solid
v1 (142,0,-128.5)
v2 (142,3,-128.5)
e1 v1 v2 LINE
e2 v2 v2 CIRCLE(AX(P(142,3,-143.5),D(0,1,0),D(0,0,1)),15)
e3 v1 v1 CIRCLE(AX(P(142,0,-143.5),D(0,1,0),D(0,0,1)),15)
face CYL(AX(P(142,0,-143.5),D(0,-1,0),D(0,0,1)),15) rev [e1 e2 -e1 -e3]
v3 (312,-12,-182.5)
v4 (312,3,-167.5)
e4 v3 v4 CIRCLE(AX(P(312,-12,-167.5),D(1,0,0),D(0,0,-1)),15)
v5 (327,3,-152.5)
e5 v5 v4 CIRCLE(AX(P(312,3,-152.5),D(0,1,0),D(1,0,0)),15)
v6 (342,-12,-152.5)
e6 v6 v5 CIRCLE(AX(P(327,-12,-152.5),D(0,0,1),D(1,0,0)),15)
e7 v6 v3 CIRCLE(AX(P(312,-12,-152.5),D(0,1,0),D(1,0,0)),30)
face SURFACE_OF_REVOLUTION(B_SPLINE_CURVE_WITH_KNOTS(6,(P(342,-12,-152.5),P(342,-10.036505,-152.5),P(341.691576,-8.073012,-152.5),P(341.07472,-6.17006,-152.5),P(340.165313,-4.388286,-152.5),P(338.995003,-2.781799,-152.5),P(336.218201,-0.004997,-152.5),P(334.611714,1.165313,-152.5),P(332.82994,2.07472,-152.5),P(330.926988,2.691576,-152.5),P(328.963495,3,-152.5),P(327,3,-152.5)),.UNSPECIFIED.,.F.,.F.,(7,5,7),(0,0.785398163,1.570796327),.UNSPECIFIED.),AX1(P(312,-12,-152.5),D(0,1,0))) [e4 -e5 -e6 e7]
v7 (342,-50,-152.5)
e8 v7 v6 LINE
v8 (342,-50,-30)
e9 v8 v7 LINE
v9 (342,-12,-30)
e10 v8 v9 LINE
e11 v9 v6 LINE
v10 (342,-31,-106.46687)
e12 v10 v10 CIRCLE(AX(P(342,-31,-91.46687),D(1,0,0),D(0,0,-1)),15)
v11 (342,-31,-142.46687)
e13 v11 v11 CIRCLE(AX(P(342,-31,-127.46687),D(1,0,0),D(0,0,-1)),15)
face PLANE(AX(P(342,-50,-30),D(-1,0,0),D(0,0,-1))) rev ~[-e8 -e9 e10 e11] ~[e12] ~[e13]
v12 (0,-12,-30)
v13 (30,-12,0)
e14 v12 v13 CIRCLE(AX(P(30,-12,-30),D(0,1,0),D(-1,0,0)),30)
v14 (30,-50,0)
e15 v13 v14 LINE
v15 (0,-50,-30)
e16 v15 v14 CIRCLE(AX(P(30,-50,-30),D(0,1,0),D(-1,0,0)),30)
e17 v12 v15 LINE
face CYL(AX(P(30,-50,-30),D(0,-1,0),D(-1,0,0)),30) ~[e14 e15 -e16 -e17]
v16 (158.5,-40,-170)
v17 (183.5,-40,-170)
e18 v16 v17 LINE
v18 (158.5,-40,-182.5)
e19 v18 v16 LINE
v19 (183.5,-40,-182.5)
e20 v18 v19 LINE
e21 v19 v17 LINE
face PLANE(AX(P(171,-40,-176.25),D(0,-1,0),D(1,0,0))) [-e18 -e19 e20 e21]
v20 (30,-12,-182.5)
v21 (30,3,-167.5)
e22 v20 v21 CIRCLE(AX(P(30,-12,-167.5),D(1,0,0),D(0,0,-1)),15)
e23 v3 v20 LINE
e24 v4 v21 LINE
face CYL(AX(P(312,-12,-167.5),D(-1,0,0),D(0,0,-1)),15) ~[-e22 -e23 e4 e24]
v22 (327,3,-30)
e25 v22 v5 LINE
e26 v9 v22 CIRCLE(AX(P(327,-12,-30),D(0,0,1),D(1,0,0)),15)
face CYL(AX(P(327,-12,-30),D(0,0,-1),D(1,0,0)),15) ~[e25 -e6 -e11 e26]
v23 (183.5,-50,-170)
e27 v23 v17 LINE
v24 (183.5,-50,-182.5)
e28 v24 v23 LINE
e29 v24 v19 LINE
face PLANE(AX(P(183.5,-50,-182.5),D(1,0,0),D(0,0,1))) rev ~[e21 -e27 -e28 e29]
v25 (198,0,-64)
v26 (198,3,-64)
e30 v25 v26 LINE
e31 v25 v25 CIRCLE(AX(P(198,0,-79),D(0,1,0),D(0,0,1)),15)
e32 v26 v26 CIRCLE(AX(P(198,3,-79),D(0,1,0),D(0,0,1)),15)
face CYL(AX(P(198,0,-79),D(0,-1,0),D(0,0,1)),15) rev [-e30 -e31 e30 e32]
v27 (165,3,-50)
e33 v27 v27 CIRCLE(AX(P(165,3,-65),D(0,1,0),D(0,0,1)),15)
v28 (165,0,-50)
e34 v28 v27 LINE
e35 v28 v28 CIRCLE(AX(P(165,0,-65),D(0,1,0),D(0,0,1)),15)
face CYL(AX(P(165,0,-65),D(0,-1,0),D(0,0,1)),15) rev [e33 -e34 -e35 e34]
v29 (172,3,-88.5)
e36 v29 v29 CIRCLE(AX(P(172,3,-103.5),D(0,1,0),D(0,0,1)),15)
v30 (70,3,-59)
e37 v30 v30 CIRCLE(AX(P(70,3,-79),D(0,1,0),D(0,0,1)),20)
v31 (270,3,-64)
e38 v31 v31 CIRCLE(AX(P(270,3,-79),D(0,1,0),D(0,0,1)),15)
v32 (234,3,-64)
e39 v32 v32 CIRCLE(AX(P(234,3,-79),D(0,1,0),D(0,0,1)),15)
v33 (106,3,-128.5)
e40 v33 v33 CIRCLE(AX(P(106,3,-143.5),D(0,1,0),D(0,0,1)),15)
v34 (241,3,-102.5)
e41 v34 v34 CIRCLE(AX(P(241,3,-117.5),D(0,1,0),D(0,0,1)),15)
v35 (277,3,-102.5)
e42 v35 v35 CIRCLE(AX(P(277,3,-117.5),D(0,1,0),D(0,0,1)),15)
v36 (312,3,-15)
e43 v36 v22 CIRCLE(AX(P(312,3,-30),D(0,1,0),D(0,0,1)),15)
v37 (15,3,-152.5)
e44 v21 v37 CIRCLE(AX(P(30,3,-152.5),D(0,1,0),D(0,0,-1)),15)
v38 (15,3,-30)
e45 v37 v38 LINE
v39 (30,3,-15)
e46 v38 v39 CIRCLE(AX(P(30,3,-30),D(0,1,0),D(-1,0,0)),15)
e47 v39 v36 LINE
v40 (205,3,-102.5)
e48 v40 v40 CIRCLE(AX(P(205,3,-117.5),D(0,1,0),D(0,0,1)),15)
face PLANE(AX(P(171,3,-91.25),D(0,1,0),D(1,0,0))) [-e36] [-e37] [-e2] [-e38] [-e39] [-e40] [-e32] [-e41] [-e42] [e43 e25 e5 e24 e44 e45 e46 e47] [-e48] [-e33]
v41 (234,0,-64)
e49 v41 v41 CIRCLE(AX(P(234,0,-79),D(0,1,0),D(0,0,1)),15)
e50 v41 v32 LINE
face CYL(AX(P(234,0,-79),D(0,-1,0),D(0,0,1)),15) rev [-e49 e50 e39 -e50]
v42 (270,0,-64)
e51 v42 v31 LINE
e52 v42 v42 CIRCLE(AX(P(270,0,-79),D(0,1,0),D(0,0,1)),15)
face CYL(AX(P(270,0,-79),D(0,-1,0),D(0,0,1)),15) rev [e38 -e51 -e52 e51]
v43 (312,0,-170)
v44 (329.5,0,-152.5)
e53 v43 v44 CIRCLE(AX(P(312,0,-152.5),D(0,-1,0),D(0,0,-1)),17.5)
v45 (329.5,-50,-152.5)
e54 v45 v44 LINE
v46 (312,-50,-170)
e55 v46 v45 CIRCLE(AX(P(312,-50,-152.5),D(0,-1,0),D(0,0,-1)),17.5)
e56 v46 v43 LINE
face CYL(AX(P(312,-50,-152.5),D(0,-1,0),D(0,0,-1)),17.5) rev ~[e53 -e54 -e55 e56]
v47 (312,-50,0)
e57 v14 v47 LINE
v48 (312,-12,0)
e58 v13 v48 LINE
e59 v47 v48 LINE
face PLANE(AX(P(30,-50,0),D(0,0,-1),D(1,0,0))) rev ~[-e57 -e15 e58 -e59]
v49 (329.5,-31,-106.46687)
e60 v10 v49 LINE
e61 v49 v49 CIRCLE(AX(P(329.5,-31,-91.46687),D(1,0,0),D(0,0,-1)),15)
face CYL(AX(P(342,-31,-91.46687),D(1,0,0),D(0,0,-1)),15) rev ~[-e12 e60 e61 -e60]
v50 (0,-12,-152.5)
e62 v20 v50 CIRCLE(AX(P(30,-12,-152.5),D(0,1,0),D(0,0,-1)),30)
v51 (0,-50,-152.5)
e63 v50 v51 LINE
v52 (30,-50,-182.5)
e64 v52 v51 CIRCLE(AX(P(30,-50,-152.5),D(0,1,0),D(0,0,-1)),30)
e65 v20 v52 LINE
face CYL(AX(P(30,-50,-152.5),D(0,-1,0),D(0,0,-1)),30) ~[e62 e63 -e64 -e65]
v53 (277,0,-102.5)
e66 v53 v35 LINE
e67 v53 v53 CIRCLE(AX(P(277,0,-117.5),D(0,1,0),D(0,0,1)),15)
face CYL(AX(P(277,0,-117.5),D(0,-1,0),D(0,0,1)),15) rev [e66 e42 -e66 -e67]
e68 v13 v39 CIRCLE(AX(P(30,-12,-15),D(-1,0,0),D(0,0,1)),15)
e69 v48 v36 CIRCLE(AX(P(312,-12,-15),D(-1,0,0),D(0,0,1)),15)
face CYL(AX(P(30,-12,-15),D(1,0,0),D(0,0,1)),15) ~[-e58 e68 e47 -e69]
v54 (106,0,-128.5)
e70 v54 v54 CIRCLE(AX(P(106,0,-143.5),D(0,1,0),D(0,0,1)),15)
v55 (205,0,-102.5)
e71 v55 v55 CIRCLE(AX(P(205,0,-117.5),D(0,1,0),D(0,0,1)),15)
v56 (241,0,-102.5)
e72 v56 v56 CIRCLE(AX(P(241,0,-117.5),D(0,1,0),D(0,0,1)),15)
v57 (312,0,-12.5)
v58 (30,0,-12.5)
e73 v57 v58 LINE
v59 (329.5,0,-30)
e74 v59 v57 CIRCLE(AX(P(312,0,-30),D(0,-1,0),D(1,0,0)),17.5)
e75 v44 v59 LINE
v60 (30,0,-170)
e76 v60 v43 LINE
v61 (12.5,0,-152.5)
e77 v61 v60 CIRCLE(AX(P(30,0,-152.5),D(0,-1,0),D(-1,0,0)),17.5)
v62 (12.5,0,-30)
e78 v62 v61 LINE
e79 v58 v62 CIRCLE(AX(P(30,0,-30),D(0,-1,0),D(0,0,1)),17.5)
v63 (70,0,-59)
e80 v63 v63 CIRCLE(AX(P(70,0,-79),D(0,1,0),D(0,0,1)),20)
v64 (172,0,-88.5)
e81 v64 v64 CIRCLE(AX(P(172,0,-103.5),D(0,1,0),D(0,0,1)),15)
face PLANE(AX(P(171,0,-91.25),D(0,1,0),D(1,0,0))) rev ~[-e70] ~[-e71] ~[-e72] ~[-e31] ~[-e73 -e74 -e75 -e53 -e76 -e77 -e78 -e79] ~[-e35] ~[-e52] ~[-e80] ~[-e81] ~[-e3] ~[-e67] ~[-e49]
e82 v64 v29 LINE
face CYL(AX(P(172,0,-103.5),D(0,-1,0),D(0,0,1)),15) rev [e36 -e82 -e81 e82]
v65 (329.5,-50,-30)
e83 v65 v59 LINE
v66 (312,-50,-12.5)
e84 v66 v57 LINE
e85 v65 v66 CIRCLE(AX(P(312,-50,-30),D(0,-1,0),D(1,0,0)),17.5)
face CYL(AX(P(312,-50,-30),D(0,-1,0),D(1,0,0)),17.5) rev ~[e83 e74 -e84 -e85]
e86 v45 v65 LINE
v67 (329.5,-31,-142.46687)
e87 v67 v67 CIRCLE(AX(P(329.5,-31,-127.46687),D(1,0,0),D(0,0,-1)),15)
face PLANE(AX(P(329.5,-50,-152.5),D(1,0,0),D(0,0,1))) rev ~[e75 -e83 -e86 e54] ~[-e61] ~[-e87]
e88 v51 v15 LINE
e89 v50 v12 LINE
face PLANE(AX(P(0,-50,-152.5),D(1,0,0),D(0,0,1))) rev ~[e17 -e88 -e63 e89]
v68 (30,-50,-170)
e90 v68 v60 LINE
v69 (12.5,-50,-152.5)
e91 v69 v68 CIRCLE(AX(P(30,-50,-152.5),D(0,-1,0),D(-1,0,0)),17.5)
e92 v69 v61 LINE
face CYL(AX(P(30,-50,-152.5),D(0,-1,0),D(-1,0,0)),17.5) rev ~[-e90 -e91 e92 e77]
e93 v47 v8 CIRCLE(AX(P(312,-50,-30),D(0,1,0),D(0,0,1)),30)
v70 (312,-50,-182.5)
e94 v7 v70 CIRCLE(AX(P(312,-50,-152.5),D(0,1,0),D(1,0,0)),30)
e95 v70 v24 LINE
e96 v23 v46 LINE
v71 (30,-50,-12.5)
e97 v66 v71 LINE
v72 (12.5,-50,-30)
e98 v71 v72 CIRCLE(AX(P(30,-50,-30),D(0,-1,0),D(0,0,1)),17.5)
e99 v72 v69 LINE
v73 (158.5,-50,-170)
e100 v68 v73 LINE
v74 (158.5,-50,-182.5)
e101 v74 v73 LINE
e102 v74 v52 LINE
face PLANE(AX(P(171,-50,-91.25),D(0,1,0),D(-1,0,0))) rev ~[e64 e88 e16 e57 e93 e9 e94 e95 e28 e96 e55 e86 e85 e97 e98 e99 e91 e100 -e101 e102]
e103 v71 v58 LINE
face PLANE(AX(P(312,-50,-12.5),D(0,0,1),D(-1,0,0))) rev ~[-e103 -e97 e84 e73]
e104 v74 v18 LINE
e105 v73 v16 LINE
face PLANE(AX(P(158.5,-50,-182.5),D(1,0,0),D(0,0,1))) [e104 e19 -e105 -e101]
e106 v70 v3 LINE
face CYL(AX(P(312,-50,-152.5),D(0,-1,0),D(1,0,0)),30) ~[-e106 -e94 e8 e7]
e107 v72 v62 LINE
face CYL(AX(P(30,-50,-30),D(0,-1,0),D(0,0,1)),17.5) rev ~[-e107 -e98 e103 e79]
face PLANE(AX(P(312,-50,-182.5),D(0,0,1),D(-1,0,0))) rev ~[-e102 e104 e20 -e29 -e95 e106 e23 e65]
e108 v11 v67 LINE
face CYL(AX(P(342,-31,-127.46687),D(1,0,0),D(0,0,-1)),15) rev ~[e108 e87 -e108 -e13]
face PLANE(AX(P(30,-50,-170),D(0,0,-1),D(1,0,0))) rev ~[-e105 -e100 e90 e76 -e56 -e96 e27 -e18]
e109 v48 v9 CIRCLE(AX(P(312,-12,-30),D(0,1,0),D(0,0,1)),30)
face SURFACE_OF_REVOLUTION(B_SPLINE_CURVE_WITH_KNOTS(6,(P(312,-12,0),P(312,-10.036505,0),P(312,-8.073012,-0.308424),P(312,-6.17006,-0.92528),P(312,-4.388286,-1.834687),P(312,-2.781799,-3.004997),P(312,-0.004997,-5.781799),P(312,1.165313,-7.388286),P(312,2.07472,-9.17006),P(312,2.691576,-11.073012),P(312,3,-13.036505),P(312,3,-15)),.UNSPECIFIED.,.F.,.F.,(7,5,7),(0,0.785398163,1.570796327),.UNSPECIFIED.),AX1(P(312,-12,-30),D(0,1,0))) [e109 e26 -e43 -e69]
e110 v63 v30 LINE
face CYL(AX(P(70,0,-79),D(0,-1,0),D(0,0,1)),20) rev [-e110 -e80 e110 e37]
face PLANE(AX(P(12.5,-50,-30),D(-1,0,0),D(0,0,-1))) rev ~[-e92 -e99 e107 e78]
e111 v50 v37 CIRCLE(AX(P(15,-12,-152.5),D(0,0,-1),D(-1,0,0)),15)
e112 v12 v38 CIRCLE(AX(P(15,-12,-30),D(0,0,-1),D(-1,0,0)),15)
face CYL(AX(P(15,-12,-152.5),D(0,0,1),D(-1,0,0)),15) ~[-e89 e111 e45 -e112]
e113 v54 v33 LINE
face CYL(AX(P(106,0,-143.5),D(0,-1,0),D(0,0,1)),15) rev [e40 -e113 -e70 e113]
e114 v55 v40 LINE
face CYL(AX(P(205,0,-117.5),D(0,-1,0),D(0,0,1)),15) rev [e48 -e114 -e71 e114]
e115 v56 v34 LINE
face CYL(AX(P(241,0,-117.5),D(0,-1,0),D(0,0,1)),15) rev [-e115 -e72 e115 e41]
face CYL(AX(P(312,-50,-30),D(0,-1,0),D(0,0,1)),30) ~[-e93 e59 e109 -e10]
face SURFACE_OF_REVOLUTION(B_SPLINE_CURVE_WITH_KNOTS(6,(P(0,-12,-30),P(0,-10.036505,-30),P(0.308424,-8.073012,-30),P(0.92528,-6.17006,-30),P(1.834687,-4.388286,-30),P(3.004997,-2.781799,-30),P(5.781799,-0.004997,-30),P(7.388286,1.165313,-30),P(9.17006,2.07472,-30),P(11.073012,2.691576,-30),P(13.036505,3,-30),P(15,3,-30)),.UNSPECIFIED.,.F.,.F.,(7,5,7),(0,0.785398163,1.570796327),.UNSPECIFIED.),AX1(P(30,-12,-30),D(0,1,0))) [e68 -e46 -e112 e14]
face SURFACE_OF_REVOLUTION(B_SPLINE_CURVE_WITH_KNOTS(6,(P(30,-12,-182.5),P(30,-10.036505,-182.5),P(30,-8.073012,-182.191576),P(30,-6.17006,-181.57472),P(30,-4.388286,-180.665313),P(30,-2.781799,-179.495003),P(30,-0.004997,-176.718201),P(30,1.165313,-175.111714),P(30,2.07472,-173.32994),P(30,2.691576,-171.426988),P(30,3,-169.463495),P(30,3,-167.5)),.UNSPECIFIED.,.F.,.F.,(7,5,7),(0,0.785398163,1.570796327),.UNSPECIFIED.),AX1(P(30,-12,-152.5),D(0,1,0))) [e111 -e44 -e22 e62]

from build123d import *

# Parameters (mm, degrees)
SKETCH1_R           = 15
SKETCH1_R_2         = 20
BOSS_EXTRUDE2_DEPTH = 3
BOSS_EXTRUDE4_START = 50
BOSS_EXTRUDE4_DEPTH = 50
SKETCH4_W           = 25
SKETCH4_H           = 12.5
CUT_EXTRUDE1_DEPTH  = 10
FILLET1_R           = 15
SKETCH6_R           = 15
CUT_EXTRUDE2_DEPTH  = 40


with BuildPart() as part:
    # Sketch1 → Boss-Extrude2 (new body)
    with BuildSketch(Plane(origin=(0, 0, 0), x_dir=(1, 0, 0), z_dir=(0, 1, 0))):
        with BuildLine():
            Line((30, 0), (312, 0))
            ThreePointArc((312, 0), (333.213203436, 8.786796564), (342, 30))
            Line((342, 30), (342, 152.5))
            ThreePointArc((342, 152.5), (333.213203436, 173.713203436), (312, 182.5))
            Line((312, 182.5), (30, 182.5))
            ThreePointArc((30, 182.5), (8.786796564, 173.713203436), (0, 152.5))
            Line((0, 152.5), (0, 30))
            ThreePointArc((0, 30), (8.786796564, 8.786796564), (30, 0))
        make_face()
        with Locations(Location((165, 65, 0), (0, 0, 270))):
            Circle(SKETCH1_R, mode=Mode.SUBTRACT)
        with Locations(Location((172, 103.5, 0), (0, 0, 270))):
            Circle(SKETCH1_R, mode=Mode.SUBTRACT)
        with Locations(Location((198, 79, 0), (0, 0, 270))):
            Circle(SKETCH1_R, mode=Mode.SUBTRACT)
        with Locations(Location((205, 117.5, 0), (0, 0, 270))):
            Circle(SKETCH1_R, mode=Mode.SUBTRACT)
        with Locations(Location((234, 79, 0), (0, 0, 270))):
            Circle(SKETCH1_R, mode=Mode.SUBTRACT)
        with Locations(Location((241, 117.5, 0), (0, 0, 270))):
            Circle(SKETCH1_R, mode=Mode.SUBTRACT)
        with Locations(Location((270, 79, 0), (0, 0, 270))):
            Circle(SKETCH1_R, mode=Mode.SUBTRACT)
        with Locations(Location((277, 117.5, 0), (0, 0, 270))):
            Circle(SKETCH1_R, mode=Mode.SUBTRACT)
        with Locations(Location((70, 79, 0), (0, 0, 270))):
            Circle(SKETCH1_R_2, mode=Mode.SUBTRACT)
        with Locations(Location((106, 143.5, 0), (0, 0, 270))):
            Circle(SKETCH1_R, mode=Mode.SUBTRACT)
        with Locations(Location((142, 143.5, 0), (0, 0, 270))):
            Circle(SKETCH1_R, mode=Mode.SUBTRACT)
    extrude(amount=BOSS_EXTRUDE2_DEPTH)

    # Sketch2 → Boss-Extrude4 (add)
    with BuildSketch(Plane.XZ.offset(BOSS_EXTRUDE4_START)):
        with BuildLine():
            Line((30, 0), (312, 0))
            ThreePointArc((312, 0), (333.213203436, -8.786796564), (342, -30))
            Line((342, -30), (342, -152.5))
            ThreePointArc((342, -152.5), (333.213203436, -173.713203436), (312, -182.5))
            Line((312, -182.5), (30, -182.5))
            ThreePointArc((30, -182.5), (8.786796564, -173.713203436), (0, -152.5))
            Line((0, -152.5), (0, -30))
            ThreePointArc((0, -30), (8.786796564, -8.786796564), (30, 0))
        make_face()
        with BuildLine():
            Line((12.5, -30), (12.5, -152.5))
            ThreePointArc((12.5, -152.5), (17.625631329, -164.874368671), (30, -170))
            Line((30, -170), (312, -170))
            ThreePointArc((312, -170), (324.374368671, -164.874368671), (329.5, -152.5))
            Line((329.5, -152.5), (329.5, -30))
            ThreePointArc((329.5, -30), (324.374368671, -17.625631329), (312, -12.5))
            Line((312, -12.5), (30, -12.5))
            ThreePointArc((30, -12.5), (17.625631329, -17.625631329), (12.5, -30))
        make_face(mode=Mode.SUBTRACT)
    extrude(amount=-BOSS_EXTRUDE4_DEPTH)

    # Sketch4 → Cut-Extrude1 (cut)
    with BuildSketch(Plane.XZ.offset(50)):
        with Locations((171, -176.25)):
            Rectangle(SKETCH4_W, SKETCH4_H)
    extrude(amount=-CUT_EXTRUDE1_DEPTH, mode=Mode.SUBTRACT)

    # Fillet1
    fillet1_edges = [part.edges().sort_by_distance(p)[0] for p in [
        (8.786796564, 3, -8.786796564),
        (171, 3, 0),
        (333.213203436, 3, -8.786796564),
        (342, 3, -91.25),
        (333.213203436, 3, -173.713203436),
        (171, 3, -182.5),
        (8.786796564, 3, -173.713203436),
        (0, 3, -91.25),
    ]]
    fillet(fillet1_edges, radius=FILLET1_R)

    # Sketch6 → Cut-Extrude2 (cut)
    with BuildSketch(Plane(origin=(342, 0, 0), x_dir=(0, 0, -1), z_dir=(1, 0, 0))):
        with Locations((127.466870265, -31)):
            Circle(SKETCH6_R)
        with Locations((91.466870265, -31)):
            Circle(SKETCH6_R)
    extrude(amount=-CUT_EXTRUDE2_DEPTH, mode=Mode.SUBTRACT)


solid = part.part
